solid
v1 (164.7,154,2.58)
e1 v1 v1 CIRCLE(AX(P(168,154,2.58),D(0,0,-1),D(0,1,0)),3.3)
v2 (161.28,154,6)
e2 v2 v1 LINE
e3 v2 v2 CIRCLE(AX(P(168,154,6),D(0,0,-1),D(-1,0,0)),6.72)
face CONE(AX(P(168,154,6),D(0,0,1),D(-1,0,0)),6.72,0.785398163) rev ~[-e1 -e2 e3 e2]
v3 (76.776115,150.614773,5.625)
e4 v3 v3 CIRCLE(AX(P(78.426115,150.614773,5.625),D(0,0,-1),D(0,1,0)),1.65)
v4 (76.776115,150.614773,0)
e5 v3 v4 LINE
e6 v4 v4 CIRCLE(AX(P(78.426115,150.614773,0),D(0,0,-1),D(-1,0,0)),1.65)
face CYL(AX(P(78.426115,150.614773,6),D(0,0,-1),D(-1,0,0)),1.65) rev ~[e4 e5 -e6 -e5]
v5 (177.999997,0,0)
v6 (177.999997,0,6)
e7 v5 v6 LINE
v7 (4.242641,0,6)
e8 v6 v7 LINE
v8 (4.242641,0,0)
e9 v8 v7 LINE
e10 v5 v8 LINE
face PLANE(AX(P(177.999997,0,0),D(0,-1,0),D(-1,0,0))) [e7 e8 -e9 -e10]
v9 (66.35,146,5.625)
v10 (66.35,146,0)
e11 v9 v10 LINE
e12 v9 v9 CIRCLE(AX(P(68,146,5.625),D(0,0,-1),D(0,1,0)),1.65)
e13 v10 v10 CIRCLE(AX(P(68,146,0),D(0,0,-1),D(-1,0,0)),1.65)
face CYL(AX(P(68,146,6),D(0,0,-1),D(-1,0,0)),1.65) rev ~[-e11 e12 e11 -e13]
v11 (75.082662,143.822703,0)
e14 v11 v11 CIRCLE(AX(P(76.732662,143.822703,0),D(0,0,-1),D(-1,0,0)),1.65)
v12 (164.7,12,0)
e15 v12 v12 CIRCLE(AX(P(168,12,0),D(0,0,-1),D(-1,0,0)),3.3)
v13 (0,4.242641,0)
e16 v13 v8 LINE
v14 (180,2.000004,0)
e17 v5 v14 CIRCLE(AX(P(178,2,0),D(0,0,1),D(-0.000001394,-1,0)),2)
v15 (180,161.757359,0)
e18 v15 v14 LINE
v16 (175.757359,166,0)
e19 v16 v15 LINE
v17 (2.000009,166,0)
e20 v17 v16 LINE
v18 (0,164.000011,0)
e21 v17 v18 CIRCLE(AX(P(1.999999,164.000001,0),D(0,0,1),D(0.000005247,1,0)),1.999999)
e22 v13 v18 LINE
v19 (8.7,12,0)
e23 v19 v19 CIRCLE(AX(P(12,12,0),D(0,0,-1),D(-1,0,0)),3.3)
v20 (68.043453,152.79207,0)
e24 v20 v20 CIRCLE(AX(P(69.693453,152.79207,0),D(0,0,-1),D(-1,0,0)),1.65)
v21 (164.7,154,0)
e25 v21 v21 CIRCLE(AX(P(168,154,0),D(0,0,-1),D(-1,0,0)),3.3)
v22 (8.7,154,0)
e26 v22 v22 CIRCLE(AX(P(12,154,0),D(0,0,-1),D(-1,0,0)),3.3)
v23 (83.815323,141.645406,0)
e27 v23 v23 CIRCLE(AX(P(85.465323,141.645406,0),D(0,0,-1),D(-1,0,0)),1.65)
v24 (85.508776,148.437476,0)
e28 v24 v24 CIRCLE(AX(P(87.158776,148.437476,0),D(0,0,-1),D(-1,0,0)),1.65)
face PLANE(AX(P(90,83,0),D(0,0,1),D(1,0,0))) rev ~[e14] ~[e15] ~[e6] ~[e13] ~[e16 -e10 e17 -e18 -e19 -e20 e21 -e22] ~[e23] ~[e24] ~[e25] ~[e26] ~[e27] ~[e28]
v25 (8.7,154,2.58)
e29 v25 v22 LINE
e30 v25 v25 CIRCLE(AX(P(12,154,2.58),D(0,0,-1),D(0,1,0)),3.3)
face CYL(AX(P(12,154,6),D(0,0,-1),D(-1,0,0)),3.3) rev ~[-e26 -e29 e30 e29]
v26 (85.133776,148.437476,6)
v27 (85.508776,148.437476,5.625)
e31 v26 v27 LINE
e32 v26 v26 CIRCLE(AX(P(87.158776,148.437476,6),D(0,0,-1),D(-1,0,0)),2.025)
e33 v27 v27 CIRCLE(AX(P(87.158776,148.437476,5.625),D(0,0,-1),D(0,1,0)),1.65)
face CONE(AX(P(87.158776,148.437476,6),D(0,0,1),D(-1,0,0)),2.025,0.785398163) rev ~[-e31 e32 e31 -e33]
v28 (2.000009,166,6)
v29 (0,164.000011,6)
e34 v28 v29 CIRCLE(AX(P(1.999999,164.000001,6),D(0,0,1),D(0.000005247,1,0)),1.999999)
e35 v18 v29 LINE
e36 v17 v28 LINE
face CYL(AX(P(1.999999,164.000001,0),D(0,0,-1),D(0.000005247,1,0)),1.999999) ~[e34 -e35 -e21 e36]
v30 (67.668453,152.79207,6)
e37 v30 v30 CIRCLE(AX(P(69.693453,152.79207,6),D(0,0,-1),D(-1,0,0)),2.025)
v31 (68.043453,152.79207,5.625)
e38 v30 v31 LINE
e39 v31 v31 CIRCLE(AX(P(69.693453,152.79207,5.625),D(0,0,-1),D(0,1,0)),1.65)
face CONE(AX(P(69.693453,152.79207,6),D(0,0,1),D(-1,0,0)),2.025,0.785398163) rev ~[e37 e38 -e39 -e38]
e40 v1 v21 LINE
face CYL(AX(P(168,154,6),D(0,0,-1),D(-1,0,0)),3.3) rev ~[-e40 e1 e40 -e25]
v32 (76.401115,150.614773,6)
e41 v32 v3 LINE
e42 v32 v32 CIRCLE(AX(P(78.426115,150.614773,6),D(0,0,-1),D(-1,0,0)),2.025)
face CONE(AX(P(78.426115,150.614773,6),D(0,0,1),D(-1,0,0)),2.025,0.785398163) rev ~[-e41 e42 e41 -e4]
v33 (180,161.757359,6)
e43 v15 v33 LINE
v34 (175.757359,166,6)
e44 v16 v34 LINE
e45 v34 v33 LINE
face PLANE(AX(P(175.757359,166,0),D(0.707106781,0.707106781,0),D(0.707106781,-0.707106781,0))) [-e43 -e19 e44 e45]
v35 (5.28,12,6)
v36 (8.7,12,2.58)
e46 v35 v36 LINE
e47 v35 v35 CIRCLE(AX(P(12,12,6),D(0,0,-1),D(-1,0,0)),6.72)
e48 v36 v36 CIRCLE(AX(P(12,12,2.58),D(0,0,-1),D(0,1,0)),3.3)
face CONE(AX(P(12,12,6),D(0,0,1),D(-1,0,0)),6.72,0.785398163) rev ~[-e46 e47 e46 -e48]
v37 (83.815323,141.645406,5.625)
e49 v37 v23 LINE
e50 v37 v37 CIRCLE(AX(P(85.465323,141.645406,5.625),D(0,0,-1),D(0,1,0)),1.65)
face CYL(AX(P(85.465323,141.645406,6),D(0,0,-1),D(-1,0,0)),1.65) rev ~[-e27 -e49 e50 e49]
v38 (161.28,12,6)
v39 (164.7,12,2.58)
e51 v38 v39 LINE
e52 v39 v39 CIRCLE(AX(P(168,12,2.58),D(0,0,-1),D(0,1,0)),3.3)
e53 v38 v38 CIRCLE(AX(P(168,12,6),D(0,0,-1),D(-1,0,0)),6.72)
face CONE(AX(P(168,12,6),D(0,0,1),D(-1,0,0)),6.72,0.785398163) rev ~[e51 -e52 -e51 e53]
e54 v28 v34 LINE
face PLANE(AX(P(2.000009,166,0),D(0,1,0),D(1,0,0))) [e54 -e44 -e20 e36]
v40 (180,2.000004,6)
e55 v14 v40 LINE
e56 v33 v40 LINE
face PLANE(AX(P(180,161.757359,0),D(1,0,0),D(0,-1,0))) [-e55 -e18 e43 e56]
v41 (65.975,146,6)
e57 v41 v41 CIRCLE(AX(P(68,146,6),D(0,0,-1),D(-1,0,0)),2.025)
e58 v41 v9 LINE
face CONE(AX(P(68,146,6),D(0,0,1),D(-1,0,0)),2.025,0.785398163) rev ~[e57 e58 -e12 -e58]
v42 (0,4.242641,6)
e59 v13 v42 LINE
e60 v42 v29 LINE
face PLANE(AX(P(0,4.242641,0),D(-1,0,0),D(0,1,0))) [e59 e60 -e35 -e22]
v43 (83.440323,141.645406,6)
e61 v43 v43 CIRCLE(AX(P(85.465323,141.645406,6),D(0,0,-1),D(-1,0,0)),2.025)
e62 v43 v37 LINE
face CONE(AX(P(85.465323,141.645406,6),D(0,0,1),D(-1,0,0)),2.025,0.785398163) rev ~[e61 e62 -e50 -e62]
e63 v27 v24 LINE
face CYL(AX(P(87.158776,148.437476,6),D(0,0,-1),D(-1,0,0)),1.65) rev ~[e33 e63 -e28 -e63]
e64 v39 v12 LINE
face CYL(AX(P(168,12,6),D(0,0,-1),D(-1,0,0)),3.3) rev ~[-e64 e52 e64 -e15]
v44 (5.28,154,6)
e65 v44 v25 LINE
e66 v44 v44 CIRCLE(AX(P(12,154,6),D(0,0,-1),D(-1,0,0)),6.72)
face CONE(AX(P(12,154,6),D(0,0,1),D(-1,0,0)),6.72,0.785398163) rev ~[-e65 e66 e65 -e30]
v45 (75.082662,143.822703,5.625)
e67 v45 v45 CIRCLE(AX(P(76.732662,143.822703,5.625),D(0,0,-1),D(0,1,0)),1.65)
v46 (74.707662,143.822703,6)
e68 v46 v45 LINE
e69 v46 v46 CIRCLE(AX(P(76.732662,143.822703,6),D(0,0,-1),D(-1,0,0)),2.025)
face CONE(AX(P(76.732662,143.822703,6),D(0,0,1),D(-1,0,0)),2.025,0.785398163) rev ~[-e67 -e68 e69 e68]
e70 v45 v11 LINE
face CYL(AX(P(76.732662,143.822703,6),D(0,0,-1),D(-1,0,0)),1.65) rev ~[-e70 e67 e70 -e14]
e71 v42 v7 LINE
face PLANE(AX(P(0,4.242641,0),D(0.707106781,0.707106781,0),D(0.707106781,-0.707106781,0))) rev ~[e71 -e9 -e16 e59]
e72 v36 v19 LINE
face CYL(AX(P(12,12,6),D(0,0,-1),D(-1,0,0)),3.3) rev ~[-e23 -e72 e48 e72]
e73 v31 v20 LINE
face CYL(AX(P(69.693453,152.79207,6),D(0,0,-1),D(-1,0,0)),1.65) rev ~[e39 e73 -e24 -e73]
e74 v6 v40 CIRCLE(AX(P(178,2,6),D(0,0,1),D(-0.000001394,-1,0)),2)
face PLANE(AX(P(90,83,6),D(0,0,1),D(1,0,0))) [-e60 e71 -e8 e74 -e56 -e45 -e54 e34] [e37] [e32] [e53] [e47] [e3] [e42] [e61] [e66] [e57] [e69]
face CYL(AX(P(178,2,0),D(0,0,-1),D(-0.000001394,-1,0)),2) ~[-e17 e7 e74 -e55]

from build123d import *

# Parameters (mm, degrees)
PAD_DEPTH           = 6
HOLE_D              = 6.6
HOLE_DEPTH          = 25
HOLE_CSINK_D        = 13.44
HOLE_CSINK_ANGLE    = 90
HOLE001_D           = 3.3
HOLE001_CSINK_D     = 4.05
HOLE001_CSINK_ANGLE = 90


with BuildPart() as part:
    # Sketch → Pad (new body)
    with BuildSketch(Plane.XY):
        with BuildLine():
            Line((0, 4.242641), (4.242641, 0))
            Line((177.999997, 0), (4.242641, 0))
            ThreePointArc((177.999997, 0), (179.414214, 0.585787), (180, 2.000004))
            Line((180, 161.757359), (180, 2.000004))
            Line((175.757359, 166), (180, 161.757359))
            Line((2.000009, 166), (175.757359, 166))
            ThreePointArc((2.000009, 166), (0.585793, 165.414221), (0, 164.000011))
            Line((0, 4.242641), (0, 164.000011))
        make_face()
    extrude(amount=PAD_DEPTH)

    # Hole
    with Locations(Plane.XY.offset(6)):
        with Locations((12, 154), (168, 154), (168, 12), (12, 12)):
            CounterSinkHole(HOLE_D / 2, HOLE_CSINK_D / 2, depth=HOLE_DEPTH, counter_sink_angle=HOLE_CSINK_ANGLE)

    # Hole001 (through all)
    with Locations(Plane.XY.offset(6)):
        with Locations((69.693453, 152.79207), (78.426115, 150.614773), (87.158776, 148.437476), (68, 146), (76.732662, 143.822703), (85.465323, 141.645406)):
            CounterSinkHole(HOLE001_D / 2, HOLE001_CSINK_D / 2, counter_sink_angle=HOLE001_CSINK_ANGLE)


solid = part.part
